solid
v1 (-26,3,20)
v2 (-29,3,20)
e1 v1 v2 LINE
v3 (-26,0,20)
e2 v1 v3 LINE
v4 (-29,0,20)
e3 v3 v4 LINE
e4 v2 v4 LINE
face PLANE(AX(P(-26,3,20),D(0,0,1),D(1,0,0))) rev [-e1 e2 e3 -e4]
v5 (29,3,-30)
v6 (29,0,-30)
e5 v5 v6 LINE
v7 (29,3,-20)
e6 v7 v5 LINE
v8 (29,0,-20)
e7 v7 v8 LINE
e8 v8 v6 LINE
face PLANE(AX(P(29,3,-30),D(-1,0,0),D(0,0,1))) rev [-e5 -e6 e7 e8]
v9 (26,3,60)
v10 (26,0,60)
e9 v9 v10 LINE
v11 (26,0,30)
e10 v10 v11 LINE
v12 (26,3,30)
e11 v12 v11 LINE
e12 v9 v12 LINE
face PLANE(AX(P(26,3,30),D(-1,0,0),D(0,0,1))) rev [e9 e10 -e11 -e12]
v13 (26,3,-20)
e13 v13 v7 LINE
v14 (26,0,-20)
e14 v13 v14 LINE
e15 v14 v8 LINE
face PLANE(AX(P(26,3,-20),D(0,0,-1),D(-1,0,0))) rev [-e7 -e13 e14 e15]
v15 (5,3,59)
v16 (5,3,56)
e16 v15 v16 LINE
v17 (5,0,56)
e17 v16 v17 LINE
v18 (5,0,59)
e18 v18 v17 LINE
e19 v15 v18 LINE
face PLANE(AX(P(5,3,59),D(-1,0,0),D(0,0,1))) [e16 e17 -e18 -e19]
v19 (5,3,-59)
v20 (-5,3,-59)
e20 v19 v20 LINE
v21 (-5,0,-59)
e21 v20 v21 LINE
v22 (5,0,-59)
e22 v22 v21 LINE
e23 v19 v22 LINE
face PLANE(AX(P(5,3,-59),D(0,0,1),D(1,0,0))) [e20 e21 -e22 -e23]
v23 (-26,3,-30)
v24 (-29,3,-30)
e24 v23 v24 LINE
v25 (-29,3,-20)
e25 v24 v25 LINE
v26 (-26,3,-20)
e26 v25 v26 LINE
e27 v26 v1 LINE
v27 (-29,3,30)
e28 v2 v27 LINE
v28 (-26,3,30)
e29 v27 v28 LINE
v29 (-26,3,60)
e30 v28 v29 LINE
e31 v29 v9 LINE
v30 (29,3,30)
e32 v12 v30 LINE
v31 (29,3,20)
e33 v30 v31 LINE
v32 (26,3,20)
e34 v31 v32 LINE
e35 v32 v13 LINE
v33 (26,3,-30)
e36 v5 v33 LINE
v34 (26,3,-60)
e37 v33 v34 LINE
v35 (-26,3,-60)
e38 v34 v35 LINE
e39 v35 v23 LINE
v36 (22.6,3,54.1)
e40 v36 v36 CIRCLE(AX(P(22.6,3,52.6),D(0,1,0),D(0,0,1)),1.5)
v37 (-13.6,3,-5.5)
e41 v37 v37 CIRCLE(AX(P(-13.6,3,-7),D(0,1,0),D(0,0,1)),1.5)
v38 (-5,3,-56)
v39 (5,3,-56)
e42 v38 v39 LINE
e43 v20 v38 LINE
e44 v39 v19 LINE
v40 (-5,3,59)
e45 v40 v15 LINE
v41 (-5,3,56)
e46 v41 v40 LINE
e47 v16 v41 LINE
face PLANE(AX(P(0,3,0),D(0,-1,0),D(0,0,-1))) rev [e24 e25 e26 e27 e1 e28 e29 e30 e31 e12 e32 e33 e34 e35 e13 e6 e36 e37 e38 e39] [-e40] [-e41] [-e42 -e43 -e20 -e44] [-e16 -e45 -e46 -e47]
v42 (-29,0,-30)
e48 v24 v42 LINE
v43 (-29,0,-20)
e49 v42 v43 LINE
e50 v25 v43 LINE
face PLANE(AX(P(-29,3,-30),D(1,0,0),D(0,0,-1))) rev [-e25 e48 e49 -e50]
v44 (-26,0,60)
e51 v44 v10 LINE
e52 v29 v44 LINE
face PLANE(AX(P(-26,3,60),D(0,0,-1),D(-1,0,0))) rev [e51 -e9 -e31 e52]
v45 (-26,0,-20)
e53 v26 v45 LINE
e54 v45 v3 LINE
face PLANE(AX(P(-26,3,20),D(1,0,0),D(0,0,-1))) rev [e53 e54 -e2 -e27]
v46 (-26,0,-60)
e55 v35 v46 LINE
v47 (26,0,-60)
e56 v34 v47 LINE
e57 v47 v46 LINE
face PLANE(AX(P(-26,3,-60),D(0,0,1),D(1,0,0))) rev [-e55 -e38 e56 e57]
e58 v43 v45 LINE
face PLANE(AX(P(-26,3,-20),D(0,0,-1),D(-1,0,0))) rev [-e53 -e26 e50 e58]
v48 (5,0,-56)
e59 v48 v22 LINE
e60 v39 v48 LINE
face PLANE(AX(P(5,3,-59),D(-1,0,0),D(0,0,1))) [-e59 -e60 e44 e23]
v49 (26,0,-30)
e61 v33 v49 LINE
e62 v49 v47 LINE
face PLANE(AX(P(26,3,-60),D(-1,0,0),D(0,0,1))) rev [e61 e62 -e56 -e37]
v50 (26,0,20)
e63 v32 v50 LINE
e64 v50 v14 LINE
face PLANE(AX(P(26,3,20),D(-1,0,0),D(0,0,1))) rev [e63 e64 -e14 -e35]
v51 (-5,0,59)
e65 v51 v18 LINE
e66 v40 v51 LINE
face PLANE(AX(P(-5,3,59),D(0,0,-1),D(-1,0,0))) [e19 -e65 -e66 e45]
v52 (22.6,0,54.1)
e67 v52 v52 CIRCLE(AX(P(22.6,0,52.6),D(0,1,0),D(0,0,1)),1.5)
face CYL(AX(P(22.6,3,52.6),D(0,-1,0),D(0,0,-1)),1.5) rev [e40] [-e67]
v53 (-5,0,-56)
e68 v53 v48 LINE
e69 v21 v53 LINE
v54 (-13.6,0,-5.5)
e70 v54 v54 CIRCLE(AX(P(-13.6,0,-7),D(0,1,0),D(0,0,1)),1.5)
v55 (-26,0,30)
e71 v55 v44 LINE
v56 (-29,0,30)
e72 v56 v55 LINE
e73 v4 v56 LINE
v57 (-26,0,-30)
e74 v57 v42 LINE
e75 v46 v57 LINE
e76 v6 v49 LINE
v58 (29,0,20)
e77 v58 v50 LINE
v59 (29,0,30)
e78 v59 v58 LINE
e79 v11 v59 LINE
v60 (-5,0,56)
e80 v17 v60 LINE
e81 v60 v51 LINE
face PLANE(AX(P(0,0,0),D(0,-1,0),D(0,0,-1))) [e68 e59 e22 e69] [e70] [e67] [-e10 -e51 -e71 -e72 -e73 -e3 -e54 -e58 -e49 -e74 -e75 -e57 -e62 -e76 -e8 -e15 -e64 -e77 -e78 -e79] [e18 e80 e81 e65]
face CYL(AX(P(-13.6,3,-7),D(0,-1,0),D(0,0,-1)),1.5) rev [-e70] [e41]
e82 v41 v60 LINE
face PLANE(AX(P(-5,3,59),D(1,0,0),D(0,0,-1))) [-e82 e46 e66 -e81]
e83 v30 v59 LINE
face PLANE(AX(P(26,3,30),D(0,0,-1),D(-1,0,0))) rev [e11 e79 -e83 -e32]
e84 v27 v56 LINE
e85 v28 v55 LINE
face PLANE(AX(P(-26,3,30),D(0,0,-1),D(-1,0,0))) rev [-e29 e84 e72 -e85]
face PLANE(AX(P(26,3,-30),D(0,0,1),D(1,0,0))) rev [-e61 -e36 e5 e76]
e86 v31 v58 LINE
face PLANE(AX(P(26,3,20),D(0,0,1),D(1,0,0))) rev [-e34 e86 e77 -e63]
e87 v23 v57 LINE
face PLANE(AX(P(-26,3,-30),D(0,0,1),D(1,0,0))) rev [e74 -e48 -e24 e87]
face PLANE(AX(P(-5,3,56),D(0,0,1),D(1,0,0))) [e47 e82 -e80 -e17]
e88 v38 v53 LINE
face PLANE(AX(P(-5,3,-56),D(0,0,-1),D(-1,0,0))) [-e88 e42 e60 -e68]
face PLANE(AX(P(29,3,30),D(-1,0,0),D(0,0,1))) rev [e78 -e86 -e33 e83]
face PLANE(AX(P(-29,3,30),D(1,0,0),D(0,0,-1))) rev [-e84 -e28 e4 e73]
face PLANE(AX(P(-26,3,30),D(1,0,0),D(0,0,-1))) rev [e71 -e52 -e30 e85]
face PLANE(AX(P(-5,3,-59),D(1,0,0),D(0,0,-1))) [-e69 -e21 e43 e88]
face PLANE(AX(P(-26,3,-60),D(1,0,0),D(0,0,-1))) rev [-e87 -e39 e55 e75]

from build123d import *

# Parameters (mm, degrees)
SKETCH1_R           = 1.5
SKETCH1_W           = 10
SKETCH1_H           = 3
BOSS_EXTRUDE1_DEPTH = 3


with BuildPart() as part:
    # Sketch1 → Boss-Extrude1 (new body)
    with BuildSketch(Plane(origin=(0, 0, 0), x_dir=(1, 0, 0), z_dir=(0, 1, 0))):
        Polygon((-26, -30), (-26, -60), (26, -60), (26, -30), (29, -30), (29, -20), (26, -20), (26, 20), (29, 20), (29, 30), (26, 30), (26, 60), (-26, 60), (-26, 30), (-29, 30), (-29, 20), (-26, 20), (-26, -20), (-29, -20), (-29, -30), align=None)
        with Locations((22.6, -52.6)):
            Circle(SKETCH1_R, mode=Mode.SUBTRACT)
        with Locations((-13.6, 7)):
            Circle(SKETCH1_R, mode=Mode.SUBTRACT)
        with Locations((0, -57.5)):
            Rectangle(SKETCH1_W, SKETCH1_H, mode=Mode.SUBTRACT)
        with Locations((0, 57.5)):
            Rectangle(SKETCH1_W, SKETCH1_H, mode=Mode.SUBTRACT)
    extrude(amount=BOSS_EXTRUDE1_DEPTH)


solid = part.part
